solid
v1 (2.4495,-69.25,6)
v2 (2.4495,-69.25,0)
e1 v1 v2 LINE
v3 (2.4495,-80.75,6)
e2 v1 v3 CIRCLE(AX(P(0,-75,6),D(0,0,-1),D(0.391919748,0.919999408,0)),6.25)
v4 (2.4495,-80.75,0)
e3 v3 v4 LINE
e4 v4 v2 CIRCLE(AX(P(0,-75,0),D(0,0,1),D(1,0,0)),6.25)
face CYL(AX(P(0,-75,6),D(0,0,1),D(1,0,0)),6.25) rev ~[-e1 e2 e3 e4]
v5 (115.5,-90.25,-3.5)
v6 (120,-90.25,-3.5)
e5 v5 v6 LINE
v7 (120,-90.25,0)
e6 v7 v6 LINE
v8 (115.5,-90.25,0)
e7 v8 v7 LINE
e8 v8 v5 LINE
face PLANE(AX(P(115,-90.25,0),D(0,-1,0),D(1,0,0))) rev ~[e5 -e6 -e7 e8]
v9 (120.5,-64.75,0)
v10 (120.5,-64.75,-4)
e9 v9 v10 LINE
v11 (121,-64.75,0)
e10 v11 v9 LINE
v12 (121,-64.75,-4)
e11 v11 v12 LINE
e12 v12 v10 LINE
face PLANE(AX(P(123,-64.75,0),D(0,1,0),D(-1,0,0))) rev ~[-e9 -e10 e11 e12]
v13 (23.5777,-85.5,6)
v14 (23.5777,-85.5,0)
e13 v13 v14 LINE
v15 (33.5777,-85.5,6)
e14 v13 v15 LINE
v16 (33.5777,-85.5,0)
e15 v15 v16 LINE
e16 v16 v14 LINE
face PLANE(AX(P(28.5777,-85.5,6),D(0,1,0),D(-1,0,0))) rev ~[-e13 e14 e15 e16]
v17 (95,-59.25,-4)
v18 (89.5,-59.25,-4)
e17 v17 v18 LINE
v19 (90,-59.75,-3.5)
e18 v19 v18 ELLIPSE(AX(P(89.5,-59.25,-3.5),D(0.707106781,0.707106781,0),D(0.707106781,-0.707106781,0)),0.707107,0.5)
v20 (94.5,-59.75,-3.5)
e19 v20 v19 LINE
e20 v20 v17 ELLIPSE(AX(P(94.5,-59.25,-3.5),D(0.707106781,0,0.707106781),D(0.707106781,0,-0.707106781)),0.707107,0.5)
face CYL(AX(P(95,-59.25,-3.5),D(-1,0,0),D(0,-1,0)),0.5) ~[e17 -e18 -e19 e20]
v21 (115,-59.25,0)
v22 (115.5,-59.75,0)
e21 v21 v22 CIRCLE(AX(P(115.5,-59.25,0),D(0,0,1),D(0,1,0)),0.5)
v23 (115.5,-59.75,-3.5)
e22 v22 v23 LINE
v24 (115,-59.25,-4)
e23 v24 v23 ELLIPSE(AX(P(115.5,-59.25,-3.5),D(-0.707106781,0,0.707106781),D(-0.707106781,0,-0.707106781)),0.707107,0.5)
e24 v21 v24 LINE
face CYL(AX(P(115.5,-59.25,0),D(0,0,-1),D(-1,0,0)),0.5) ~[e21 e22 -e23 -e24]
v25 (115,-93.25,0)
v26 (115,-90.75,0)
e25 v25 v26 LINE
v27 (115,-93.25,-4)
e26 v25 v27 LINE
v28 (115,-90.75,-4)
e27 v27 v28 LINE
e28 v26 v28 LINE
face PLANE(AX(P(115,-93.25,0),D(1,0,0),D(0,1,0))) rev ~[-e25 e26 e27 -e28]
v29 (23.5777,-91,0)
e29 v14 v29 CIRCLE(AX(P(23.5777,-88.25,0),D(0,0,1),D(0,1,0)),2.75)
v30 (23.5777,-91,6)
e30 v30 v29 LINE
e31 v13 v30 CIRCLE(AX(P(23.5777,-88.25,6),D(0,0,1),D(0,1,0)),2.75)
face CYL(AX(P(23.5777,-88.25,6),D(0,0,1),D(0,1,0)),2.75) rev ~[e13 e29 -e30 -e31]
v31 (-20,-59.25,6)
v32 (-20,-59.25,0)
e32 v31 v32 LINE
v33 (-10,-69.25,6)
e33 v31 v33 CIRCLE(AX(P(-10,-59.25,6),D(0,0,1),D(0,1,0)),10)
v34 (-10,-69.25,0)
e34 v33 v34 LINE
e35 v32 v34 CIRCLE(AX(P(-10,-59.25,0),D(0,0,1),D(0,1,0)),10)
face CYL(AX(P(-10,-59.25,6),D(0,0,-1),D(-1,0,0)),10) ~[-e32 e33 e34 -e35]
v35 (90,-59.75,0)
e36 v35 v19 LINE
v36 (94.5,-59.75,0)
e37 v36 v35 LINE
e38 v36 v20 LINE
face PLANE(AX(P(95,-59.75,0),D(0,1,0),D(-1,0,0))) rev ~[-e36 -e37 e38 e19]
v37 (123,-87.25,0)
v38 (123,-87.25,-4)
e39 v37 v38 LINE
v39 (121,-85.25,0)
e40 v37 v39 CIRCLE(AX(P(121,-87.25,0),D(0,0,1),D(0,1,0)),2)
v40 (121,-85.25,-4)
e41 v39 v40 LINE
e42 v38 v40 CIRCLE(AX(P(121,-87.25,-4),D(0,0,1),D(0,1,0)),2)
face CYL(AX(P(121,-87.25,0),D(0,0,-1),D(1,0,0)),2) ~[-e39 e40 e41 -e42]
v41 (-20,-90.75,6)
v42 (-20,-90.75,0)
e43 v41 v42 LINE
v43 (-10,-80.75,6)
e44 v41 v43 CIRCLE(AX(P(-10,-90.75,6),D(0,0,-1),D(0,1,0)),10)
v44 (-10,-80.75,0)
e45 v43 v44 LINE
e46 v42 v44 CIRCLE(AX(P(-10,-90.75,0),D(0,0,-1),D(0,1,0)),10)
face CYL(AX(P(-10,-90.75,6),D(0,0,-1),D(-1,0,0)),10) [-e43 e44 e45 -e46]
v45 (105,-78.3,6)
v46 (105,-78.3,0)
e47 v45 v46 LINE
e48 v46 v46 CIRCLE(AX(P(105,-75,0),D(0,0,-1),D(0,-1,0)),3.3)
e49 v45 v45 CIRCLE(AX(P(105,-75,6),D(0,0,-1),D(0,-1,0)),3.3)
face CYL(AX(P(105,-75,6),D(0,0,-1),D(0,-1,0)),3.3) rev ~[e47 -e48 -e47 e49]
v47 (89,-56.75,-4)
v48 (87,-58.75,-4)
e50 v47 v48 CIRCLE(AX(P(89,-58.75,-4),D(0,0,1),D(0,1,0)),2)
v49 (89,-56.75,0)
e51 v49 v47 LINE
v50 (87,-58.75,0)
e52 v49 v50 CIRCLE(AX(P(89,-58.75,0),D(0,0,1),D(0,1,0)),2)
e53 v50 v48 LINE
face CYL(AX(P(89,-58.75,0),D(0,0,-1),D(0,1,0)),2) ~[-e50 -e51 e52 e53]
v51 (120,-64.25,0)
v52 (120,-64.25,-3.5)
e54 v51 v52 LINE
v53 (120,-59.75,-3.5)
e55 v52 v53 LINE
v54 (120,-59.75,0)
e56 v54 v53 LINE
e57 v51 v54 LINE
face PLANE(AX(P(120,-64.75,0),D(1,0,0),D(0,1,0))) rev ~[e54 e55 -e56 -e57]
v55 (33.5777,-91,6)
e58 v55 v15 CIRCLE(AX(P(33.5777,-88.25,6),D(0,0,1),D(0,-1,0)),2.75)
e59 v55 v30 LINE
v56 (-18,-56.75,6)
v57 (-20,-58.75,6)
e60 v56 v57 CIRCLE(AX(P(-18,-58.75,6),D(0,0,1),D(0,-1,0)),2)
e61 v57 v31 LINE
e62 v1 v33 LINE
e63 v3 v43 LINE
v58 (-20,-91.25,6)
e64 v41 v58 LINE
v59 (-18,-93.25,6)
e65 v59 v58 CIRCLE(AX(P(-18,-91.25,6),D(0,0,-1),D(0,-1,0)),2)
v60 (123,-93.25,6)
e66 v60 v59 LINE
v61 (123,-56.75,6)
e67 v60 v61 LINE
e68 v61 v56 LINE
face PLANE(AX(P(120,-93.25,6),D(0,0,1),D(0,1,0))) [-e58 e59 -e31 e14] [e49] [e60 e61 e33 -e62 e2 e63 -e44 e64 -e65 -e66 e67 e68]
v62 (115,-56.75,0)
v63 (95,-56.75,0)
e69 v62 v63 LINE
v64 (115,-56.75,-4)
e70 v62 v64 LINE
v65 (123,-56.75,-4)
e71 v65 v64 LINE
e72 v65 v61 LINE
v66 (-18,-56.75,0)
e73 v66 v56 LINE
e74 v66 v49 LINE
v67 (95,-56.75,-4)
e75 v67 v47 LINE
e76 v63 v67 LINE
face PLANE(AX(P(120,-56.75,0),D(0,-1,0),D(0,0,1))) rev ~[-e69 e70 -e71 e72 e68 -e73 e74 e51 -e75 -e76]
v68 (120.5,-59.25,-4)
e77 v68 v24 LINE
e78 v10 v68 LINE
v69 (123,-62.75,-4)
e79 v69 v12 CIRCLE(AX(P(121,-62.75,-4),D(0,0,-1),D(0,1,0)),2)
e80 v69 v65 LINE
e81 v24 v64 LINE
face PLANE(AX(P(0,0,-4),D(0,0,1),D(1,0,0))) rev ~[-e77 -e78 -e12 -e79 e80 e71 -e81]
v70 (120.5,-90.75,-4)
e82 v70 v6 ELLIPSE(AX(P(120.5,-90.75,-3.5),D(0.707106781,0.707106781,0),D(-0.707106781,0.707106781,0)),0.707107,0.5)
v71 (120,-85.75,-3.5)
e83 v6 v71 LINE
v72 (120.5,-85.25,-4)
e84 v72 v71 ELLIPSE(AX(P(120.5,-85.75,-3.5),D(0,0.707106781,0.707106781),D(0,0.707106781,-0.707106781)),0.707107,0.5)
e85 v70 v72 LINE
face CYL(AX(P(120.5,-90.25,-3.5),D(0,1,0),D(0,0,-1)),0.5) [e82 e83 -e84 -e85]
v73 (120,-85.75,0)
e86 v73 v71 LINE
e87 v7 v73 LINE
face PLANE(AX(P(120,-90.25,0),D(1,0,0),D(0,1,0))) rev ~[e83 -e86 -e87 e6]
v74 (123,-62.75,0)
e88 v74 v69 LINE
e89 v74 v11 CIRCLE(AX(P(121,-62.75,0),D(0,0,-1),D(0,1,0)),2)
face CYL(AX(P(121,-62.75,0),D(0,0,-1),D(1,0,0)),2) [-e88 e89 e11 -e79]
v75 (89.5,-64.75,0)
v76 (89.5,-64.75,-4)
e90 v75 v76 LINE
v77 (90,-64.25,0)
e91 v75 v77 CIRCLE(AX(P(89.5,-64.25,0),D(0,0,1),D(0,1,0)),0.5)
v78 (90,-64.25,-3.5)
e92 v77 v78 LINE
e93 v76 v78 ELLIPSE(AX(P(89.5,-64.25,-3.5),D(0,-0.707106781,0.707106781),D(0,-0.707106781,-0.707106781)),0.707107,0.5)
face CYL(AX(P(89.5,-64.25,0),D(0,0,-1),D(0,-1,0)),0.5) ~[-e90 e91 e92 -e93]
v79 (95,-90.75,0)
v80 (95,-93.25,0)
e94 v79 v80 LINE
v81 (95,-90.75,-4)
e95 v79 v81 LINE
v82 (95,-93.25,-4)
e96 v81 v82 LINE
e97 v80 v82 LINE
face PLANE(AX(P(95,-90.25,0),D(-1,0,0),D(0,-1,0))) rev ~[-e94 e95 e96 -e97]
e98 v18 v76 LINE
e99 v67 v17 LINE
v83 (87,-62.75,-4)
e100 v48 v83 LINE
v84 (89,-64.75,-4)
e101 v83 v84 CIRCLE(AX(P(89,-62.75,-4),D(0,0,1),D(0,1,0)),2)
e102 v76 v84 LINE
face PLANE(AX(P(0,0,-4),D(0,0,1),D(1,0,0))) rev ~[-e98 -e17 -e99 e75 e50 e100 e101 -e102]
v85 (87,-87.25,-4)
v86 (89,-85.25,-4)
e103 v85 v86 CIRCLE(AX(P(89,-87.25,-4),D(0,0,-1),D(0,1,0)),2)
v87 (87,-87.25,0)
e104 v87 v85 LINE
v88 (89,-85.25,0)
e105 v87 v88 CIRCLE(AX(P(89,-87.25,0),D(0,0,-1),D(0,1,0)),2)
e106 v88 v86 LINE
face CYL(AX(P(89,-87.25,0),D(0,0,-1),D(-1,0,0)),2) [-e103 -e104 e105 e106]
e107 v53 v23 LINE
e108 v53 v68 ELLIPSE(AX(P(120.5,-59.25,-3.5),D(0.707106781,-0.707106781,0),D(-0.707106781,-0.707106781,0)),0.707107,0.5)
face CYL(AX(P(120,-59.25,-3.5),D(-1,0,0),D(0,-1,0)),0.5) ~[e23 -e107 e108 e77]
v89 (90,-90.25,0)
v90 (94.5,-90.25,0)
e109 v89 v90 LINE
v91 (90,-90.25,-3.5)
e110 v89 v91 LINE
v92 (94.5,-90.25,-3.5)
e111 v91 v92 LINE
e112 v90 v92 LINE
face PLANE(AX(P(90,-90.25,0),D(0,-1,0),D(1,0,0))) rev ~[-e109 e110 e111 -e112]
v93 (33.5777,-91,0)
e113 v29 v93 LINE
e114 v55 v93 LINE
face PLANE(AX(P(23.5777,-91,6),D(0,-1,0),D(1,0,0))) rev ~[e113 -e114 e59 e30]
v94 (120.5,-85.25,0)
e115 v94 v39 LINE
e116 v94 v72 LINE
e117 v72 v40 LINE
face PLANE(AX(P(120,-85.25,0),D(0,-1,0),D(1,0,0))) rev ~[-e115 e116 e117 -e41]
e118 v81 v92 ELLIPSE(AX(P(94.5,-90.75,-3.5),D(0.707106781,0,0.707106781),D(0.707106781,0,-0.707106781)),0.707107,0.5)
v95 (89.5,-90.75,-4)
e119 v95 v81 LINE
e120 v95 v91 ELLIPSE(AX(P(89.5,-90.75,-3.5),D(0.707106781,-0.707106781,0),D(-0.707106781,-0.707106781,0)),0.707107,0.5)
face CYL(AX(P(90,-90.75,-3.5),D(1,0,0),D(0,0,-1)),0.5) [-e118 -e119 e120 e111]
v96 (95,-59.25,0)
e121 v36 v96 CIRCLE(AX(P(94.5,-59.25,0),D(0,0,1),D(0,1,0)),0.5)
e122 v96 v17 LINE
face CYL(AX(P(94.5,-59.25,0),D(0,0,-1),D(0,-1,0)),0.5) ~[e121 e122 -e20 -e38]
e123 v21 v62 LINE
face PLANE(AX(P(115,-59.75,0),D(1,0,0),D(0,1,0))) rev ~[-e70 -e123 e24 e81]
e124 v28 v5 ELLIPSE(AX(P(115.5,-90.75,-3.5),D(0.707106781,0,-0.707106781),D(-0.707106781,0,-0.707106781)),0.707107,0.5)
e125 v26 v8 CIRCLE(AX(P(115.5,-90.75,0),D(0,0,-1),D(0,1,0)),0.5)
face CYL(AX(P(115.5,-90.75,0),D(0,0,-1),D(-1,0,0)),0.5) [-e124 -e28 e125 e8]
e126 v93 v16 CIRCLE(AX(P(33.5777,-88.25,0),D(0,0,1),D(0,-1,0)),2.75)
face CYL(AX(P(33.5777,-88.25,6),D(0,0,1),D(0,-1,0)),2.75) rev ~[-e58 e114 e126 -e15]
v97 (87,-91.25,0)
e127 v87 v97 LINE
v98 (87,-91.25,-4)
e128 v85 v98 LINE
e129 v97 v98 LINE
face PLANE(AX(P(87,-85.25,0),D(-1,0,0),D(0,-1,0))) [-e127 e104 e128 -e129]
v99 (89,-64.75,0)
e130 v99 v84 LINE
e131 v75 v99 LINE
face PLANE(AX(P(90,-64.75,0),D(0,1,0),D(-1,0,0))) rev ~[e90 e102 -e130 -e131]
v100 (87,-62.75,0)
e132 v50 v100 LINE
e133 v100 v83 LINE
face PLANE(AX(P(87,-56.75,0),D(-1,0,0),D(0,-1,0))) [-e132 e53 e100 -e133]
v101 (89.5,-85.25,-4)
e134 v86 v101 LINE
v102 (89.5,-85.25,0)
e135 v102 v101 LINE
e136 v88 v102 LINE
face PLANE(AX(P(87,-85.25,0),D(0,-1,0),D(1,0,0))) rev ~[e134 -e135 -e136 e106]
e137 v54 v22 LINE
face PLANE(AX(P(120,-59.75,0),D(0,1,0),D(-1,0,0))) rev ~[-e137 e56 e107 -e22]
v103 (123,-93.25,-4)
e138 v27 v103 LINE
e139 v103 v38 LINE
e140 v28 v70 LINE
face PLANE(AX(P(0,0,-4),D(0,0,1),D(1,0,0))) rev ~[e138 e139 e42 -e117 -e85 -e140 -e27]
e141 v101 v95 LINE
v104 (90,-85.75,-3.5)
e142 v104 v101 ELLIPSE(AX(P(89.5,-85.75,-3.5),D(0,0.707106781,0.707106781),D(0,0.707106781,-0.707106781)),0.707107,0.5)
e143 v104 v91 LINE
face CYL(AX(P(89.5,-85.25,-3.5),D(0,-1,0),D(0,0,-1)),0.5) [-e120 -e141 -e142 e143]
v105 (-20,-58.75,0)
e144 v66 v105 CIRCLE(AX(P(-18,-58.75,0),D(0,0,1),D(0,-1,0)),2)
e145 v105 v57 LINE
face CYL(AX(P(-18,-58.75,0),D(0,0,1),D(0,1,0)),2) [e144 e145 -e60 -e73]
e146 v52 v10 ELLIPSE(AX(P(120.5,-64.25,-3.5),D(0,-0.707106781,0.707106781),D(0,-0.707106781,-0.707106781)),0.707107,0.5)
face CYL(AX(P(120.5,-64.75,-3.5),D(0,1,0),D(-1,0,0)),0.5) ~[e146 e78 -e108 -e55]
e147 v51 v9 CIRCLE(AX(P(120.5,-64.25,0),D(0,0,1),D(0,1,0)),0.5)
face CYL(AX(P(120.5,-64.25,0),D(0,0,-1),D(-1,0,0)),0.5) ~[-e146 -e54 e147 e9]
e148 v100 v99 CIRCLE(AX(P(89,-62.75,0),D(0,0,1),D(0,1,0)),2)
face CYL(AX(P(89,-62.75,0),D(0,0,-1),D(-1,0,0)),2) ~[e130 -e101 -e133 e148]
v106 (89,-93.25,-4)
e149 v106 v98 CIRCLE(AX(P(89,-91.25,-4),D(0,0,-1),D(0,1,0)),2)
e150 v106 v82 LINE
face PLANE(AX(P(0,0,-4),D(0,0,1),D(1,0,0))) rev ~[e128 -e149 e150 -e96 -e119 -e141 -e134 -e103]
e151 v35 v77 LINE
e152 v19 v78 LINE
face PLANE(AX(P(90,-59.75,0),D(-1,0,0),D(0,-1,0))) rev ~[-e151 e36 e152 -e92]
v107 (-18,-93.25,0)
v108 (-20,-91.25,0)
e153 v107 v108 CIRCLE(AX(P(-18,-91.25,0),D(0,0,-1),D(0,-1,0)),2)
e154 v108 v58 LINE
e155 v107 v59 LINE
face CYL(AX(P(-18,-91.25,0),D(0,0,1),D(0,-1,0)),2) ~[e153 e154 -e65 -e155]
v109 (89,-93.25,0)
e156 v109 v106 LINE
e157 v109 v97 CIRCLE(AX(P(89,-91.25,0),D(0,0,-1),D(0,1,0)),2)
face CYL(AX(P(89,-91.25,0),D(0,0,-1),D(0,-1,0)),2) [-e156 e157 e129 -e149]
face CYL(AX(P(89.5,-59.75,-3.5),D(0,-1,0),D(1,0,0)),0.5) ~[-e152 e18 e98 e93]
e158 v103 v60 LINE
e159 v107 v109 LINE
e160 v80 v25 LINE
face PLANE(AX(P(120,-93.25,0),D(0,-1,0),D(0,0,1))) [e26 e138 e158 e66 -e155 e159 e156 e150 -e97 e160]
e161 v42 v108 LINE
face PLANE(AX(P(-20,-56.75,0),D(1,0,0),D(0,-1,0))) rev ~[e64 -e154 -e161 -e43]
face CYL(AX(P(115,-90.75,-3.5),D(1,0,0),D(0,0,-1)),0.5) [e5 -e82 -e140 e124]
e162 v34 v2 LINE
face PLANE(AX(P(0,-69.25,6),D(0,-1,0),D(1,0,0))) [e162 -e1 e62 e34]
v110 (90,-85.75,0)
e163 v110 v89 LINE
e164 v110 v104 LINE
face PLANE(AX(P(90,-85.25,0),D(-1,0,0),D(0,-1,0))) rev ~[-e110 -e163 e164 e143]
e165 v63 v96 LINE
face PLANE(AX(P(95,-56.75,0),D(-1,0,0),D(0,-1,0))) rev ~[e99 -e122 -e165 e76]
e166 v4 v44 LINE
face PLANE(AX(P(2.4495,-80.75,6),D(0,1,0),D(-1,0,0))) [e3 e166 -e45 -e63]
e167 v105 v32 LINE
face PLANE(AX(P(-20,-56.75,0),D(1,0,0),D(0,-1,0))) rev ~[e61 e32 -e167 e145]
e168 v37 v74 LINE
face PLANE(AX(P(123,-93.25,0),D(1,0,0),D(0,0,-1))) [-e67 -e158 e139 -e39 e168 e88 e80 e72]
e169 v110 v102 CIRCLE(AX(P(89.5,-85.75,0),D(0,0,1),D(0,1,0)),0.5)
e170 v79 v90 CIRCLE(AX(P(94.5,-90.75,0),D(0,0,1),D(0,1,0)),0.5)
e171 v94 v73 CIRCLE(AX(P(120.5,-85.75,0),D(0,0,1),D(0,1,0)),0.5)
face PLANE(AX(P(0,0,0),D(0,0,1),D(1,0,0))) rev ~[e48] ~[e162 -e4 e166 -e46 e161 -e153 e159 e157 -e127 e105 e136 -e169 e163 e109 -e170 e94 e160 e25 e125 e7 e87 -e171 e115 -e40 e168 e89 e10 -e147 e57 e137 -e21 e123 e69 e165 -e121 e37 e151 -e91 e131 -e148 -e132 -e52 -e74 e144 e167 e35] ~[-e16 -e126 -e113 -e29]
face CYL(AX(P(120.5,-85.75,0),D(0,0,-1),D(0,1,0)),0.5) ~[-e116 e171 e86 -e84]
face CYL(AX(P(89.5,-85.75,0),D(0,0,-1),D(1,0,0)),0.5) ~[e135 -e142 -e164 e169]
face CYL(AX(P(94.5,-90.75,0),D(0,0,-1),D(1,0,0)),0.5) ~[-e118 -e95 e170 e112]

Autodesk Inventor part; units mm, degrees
ref_plane "YZ Plane" through (0, 0, 0) normal (1, 0, 0) x (0, 1, 0)
ref_plane "XZ Plane" through (0, 0, 0) normal (0, 1, 0) x (-1, 0, 0)
ref_plane "作業平面1" through (0, 0, 0) normal (0, 0, 1) x (1, 0, 0)
sketch "スケッチ2" plane through (0, 0, 0) normal (0, 0, 1) x (1, 0, 0)
  line L0 (120, -56.75) -> (-20, -56.75)
  line L1 (-20, -56.75) -> (-20, -93.25)
  line L2 (-20, -93.25) -> (120, -93.25)
  line L3 (120, -93.25) -> (120, -56.75)
  circle A0 centre (0, -75) radius 6 construction
  circle A1 centre (0, -75) radius 75 construction
  point P0 (0, 0)
  dimension "d1" = 150
  dimension "d2" = 18.25
  dimension "d3" = 18.25
  dimension "d4" = 20
  dimension "d29" = 120
extrude "押し出し1" add sketch "スケッチ2" along normal blind 6
sketch "スケッチ3" plane through (0, 0, 6) normal (0, 0, 1) x (1, 0, 0)
  circle A0 centre (0, -75) radius 6 construction
  circle A1 centre (0, -75) radius 6.25
  line L0 (0, -68.75) -> (-38.1, -68.75) construction
  line L1 (-38.1, -68.75) -> (-38.1, -81.25) construction
  line L2 (-38.1, -81.25) -> (0, -81.25) construction
  line L3 (0, -81.25) -> (0, -68.75) construction
  line L4 (-20, -68) -> (-20, -81.25)
  line L5 (0, -82) -> (0, -68.75)
  line L6 (-20, -56.75) -> (-20, -93.25) projected
  line L7 (-20, -69.25) -> (2.4495, -69.25)
  line L8 (2.4495, -69.25) -> (2.4495, -80.75)
  line L9 (2.4495, -80.75) -> (-20, -80.75)
  line L10 (-20, -80.75) -> (-20, -69.25)
  point P0 (0, 0)
  point P1 (-2.4495, -80.75)
  point P2 (-2.4495, -69.25)
  point P3 (0, -80.75)
  point P4 (0, -69.25)
  point P5 (0, -81.25)
  dimension "d8" = 12.5
  dimension "d30" = 11.5
extrude "押し出し2" cut sketch "スケッチ3" against normal blind 12.5 contours A1 L8 | L8 L9 L5 L7 | L5 L9 A1 L7 | A1 L9 L4 L7
fillet "フィレット1" radius 10 2 edges at (-20, -80.75, 3) (-20, -69.25, 3)
ref_plane "作業平面2" through (-20, -75, 0) normal (0, -1, 0) x (1, 0, 0)
sketch "スケッチ4" plane through (0, 0, 6) normal (0, 0, 1) x (1, 0, 0)
  line L0 (-20, -93.25) -> (120, -93.25) projected
  line L1 (120, -56.75) -> (-20, -56.75) projected
  line L2 (120, -93.25) -> (120, -56.75) projected
  point P0 (0, 0)
  point P1 (105, -75)
  dimension "d25" = 15
  dimension "d26" = 36.5
  dimension "d27" = 18.25
hole "穴1" at (105, -75, 6) direction (0, 0, -1) diameter 6.6 end through all
ref_plane "作業平面3" through (0, -75, 0) normal (0, 0.7071, 0.7071) x (-1, 0, 0)
sketch "スケッチ5" plane through (0, 0, 0) normal (0, 0, 1) x (1, 0, 0)
  circle A0 centre (105, -75) radius 3.3 construction
  arc A1 (-20, -59.25) -> (-10, -69.25) centre (-10, -59.25) ccw construction
  line L0 (-10, -69.25) -> (2.4495, -69.25) construction
  arc A2 (2.4495, -80.75) -> (2.4495, -69.25) centre (0, -75) ccw construction
  line L1 (2.4495, -80.75) -> (-10, -80.75) construction
  arc A3 (-10, -80.75) -> (-20, -90.75) centre (-10, -90.75) ccw construction
  line L2 (-20, -90.75) -> (-20, -93.25) construction
  line L3 (-20, -93.25) -> (120, -93.25) construction
  line L4 (120, -93.25) -> (120, -56.75) construction
  line L5 (120, -56.75) -> (-20, -56.75) construction
  line L6 (-20, -56.75) -> (-20, -59.25) construction
  line L7 (123, -56.75) -> (87, -56.75)
  line L8 (87, -56.75) -> (87, -93.25)
  line L9 (87, -93.25) -> (123, -93.25)
  line L10 (123, -93.25) -> (123, -56.75)
  line L11 (120, -93.25) -> (120, -56.75) projected
  line L12 (90, -90.25) -> (120, -90.25)
  line L13 (120, -90.25) -> (120, -59.75)
  line L14 (120, -59.75) -> (90, -59.75)
  line L15 (90, -59.75) -> (90, -90.25)
  line L16 (90, -90.25) -> (120, -59.75) construction
  line L17 (120, -90.25) -> (90, -59.75) construction
  line L18 (87, -85.25) -> (123, -85.25)
  line L19 (123, -85.25) -> (123, -64.75)
  line L20 (123, -64.75) -> (87, -64.75)
  line L21 (87, -64.75) -> (87, -85.25)
  circle A4 centre (105, -75) radius 3.3 projected
  line L22 (87, -85.25) -> (123, -64.75) construction
  line L23 (123, -85.25) -> (87, -64.75) construction
  line L24 (95, -93.25) -> (115, -93.25)
  line L25 (115, -93.25) -> (115, -56.75)
  line L26 (115, -56.75) -> (95, -56.75)
  line L27 (95, -56.75) -> (95, -93.25)
  line L28 (95, -93.25) -> (115, -56.75) construction
  line L29 (115, -93.25) -> (95, -56.75) construction
  point P0 (0, 0)
  point P1 (95, -93.25)
  point P2 (95, -90.25)
  point P3 (90, -85.25)
  point P4 (95, -59.75)
  point P5 (90, -64.75)
  point P6 (120, -85.25)
  point P7 (115, -90.25)
  point P8 (115, -93.25)
  point P9 (115, -59.75)
  point P10 (120, -64.75)
  dimension "d31" = 3
  dimension "d34" = 30.5
  dimension "d35" = 3
  dimension "d36" = 3
  dimension "d37" = 3
  dimension "d38" = 8
  dimension "d39" = 8
extrude "押し出し3" add sketch "スケッチ5" against normal blind 4 contours L10 L20 L11 L7 | L11 L14 L25 L7 | L10 L9 L11 L18 | L27 L14 L15 L20 L8 L7 | L9 L25 L12 L11 | L18 L15 L12 L27 L9 L8
sketch "スケッチ6" plane through (120, -93.25, 0) normal (1, 0, 0) x (0, 0, -1)
  line L0 (0, 8) -> (0, 28.5) projected
  line L1 (0, 36.5) -> (-6, 36.5) projected
  line L2 (-6, 0) -> (-6, 36.5) projected
  line L3 (0, 0) -> (-6, 0) projected
  line L4 (0, 0) -> (0, 3) projected
  line L5 (0, 3) -> (0, 8) projected
  line L6 (0, 28.5) -> (0, 33.5) projected
  line L7 (0, 33.5) -> (0, 36.5) projected
  point P0 (0, 93.25)
extrude "押し出し4" add sketch "スケッチ6" along normal up to surface (3 mm away)
fillet "フィレット2" radius 2 8 edges at (-20, -56.75, 3) (-20, -93.25, 3) (87, -56.75, -2) (87, -93.25, -2) (87, -64.75, -2) (87, -85.25, -2) (123, -64.75, -2) (123, -85.25, -2)
fillet "フィレット2" radius 0.5 16 edges at (115, -59.75, -2) (120, -64.75, -2) (120, -85.25, -2) (115, -90.25, -2) (95, -59.75, -2) (90, -64.75, -2) (90, -62.25, -4) (92.5, -59.75, -4) (117.5, -59.75, -4) (120, -62.25, -4) (120, -87.75, -4) (117.5, -90.25, -4) (95, -90.25, -2) (90, -85.25, -2) (90, -87.75, -4) (92.5, -90.25, -4)
sketch "スケッチ7" plane through (20.6125, 13, 6) normal (0, 0, 1) x (1, 0, 0)
  arc A0 (3.9922, -80.75) -> (-0.2106, -72.4528) centre (-20.6125, -88) ccw
  circle A1 centre (-20.6125, -88) radius 31.5 construction
  circle A2 centre (7.9653, -101.25) radius 2.75 construction
  line L0 (-18, -106.25) -> (105, -106.25) construction
  arc A3 (-18.163, -93.75) -> (-18.163, -82.25) centre (-20.6125, -88) ccw projected
  line L1 (-38.6125, -106.25) -> (100.3875, -106.25) projected
  point P0 (0, 0)
  dimension "d48" = 63
  dimension "d46" = 5.5
  dimension "d47" = 5
hole "穴2" at (28.5777, -88.25, 6) direction (0, 0, -1) diameter 5.5 end through all
sketch "スケッチ8" plane through (0, 0, 6) normal (0, 0, 1) x (1, 0, 0)
  circle A0 centre (28.5777, -88.25) radius 2.75 construction
  arc A1 (121, -93.25) -> (123, -91.25) centre (121, -91.25) ccw construction
  line L0 (123, -91.25) -> (123, -58.75) construction
  arc A2 (123, -58.75) -> (121, -56.75) centre (121, -58.75) ccw construction
  line L1 (-18, -56.75) -> (121, -56.75) construction
  arc A3 (-18, -56.75) -> (-20, -58.75) centre (-18, -58.75) ccw construction
  line L2 (-20, -58.75) -> (-20, -59.25) construction
  arc A4 (-20, -59.25) -> (-10, -69.25) centre (-10, -59.25) ccw construction
  line L3 (-10, -69.25) -> (2.4495, -69.25) construction
  arc A5 (2.4495, -80.75) -> (2.4495, -69.25) centre (0, -75) ccw construction
  line L4 (2.4495, -80.75) -> (-10, -80.75) construction
  arc A6 (-10, -80.75) -> (-20, -90.75) centre (-10, -90.75) ccw construction
  line L5 (-20, -90.75) -> (-20, -91.25) construction
  arc A7 (-20, -91.25) -> (-18, -93.25) centre (-18, -91.25) ccw construction
  line L6 (-18, -93.25) -> (121, -93.25) construction
  circle A8 centre (105, -75) radius 3.3 construction
  line L7 (23.5777, -91) -> (33.5777, -91)
  line L8 (33.5777, -91) -> (33.5777, -85.5) construction
  line L9 (33.5777, -85.5) -> (23.5777, -85.5)
  line L10 (23.5777, -85.5) -> (23.5777, -91) construction
  circle A9 centre (28.5777, -88.25) radius 2.75 projected
  line L11 (23.5777, -91) -> (33.5777, -85.5) construction
  line L12 (33.5777, -91) -> (23.5777, -85.5) construction
  arc A10 (33.5777, -91) -> (33.5777, -85.5) centre (33.5777, -88.25) ccw
  arc A11 (23.5777, -85.5) -> (23.5777, -91) centre (23.5777, -88.25) ccw
  point P0 (0, 0)
  dimension "d55" = 10
extrude "押し出し5" cut sketch "スケッチ8" against normal through all
equation "\"d3\" = d2"
equation "\"d9\" = d8"
equation "\"d27\" = 0.5 * d26"
equation "\"d35\" = d31"
equation "\"d36\" = d31"
equation "\"d37\" = d31"
equation "\"d39\" = d38"
properties part number "wheel_mount._brake_01ipt" material "アルミニウム 6061"
